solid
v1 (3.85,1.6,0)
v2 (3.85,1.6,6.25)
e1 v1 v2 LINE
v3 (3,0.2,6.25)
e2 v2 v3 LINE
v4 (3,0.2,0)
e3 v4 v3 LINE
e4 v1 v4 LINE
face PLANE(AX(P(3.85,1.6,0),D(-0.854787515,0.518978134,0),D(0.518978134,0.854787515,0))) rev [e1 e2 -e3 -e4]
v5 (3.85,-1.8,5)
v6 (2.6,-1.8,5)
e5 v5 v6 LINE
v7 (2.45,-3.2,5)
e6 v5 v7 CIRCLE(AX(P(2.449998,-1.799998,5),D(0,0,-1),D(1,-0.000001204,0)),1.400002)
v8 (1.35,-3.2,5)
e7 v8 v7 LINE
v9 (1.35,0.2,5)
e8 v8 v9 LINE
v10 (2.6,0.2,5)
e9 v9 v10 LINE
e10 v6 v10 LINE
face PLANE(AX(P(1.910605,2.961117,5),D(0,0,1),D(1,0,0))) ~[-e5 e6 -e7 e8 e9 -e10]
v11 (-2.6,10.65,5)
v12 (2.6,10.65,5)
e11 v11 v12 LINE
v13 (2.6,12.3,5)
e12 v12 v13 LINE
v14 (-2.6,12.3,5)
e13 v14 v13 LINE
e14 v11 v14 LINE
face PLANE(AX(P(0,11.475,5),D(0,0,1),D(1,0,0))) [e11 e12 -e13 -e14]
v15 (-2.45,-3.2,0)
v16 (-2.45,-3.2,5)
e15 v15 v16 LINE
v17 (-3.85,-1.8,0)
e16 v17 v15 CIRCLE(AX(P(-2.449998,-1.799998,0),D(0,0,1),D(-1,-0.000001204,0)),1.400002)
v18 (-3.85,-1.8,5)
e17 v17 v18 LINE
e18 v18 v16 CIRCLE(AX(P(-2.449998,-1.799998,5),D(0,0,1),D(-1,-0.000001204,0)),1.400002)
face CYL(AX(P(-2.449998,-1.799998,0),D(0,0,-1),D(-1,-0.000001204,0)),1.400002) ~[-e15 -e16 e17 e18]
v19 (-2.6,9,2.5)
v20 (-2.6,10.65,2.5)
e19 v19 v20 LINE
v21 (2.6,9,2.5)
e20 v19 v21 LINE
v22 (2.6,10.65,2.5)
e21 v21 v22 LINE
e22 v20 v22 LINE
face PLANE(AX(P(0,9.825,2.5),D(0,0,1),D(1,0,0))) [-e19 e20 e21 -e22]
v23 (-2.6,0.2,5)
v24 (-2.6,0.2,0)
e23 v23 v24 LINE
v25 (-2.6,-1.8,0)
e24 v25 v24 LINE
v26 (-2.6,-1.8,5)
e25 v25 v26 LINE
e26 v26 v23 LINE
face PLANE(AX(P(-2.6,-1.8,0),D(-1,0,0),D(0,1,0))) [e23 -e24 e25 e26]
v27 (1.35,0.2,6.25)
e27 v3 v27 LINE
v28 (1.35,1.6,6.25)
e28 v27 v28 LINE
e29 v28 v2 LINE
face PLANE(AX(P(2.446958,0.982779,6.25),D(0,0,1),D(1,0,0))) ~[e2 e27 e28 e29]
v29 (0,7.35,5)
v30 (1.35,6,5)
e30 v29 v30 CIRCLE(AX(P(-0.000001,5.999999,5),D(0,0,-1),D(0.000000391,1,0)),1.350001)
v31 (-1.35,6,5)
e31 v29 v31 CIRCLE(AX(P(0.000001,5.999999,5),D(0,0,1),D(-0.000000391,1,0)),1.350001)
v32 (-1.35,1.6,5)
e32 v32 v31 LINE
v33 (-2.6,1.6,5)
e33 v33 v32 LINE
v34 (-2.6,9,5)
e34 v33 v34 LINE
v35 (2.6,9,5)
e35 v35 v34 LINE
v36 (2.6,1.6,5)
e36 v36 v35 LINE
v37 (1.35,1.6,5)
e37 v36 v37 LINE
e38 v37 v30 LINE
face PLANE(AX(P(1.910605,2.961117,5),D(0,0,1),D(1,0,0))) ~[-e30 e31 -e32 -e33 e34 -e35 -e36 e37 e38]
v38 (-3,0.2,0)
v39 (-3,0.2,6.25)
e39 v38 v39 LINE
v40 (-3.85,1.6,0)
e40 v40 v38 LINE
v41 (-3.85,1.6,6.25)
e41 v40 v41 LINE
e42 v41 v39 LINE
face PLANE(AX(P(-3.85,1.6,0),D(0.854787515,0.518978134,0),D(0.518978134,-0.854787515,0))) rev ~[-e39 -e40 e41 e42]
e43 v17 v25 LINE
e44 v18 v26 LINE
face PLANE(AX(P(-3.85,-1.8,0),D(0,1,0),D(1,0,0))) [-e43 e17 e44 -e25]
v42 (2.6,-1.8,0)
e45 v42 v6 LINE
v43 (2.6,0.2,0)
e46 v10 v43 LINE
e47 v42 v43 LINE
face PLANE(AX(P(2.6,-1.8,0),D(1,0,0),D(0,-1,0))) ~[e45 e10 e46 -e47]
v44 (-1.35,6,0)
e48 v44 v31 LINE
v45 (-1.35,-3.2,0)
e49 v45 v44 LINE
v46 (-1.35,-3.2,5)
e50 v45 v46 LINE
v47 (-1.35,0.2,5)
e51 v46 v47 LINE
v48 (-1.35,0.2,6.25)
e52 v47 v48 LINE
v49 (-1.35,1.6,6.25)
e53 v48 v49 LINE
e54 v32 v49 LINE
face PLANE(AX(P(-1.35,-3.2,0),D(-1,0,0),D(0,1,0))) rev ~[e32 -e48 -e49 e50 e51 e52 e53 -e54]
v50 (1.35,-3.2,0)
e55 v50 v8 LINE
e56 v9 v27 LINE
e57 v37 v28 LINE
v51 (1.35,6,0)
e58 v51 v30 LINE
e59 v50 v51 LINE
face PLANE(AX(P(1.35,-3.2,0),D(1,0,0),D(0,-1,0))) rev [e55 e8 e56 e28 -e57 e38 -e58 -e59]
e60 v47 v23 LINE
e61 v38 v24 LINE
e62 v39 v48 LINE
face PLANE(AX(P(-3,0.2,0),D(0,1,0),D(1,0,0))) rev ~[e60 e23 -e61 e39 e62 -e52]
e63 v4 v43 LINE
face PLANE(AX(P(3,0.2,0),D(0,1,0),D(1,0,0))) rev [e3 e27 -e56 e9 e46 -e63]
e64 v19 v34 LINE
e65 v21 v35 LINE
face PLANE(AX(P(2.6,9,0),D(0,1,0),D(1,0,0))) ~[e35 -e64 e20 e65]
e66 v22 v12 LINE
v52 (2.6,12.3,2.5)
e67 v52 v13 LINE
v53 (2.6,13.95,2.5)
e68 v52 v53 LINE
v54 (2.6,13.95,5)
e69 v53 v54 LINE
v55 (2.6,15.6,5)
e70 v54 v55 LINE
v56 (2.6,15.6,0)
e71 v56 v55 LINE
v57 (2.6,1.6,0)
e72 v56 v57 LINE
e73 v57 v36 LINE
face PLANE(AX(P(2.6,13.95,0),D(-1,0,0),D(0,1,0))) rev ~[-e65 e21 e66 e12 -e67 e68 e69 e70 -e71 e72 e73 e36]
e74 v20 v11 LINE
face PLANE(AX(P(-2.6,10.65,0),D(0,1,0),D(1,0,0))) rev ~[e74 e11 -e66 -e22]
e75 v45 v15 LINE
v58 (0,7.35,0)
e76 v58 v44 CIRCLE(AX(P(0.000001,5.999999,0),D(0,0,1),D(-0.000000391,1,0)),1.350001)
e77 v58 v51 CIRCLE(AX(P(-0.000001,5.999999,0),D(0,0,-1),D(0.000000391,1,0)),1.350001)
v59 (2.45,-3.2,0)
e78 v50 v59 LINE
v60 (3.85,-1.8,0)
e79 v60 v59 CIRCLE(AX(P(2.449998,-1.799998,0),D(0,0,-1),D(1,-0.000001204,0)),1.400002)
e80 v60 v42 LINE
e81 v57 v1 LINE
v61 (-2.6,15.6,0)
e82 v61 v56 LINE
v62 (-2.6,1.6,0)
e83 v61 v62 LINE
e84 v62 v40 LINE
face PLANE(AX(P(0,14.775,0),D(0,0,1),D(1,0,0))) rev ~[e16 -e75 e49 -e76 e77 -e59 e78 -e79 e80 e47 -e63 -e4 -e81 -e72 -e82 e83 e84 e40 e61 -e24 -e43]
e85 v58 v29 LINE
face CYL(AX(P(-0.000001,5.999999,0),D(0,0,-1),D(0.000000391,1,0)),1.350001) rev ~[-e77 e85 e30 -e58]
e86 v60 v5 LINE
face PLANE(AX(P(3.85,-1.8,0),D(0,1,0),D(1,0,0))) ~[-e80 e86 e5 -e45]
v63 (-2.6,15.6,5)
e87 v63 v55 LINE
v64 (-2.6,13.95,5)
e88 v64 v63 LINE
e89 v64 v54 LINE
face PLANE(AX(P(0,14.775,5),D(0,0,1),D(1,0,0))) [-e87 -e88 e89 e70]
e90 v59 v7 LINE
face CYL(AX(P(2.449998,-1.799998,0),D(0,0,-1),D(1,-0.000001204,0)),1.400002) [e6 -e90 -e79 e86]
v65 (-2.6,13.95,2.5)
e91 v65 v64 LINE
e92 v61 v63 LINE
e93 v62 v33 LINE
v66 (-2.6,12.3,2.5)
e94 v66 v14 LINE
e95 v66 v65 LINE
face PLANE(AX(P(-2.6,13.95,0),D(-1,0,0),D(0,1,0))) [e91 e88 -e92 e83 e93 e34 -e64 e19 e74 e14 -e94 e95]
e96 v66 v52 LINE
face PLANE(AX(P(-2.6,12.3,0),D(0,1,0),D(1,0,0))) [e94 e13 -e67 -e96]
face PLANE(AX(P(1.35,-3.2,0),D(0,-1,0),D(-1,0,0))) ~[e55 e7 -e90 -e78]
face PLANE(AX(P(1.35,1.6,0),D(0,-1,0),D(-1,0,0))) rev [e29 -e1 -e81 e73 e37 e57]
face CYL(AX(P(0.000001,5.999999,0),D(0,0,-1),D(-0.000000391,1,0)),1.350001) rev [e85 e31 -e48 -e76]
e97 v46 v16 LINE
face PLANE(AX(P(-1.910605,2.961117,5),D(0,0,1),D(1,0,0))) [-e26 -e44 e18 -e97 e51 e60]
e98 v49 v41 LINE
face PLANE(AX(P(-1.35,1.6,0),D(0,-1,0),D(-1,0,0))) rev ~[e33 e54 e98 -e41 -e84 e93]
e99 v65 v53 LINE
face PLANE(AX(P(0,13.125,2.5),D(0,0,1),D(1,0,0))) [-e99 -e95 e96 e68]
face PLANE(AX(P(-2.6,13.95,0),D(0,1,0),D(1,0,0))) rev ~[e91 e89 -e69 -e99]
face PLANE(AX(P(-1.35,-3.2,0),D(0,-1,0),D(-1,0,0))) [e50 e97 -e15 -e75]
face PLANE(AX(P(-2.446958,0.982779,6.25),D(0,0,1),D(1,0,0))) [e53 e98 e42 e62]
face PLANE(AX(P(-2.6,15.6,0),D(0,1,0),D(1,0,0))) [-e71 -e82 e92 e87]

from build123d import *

# Parameters (mm, degrees)
PAD017_DEPTH           = 5
PAD020_DEPTH           = 6.25
SKETCH114_W            = 5.2
SKETCH114_H            = 1.65
PAD085_DEPTH           = 2.5
SKETCH115_W            = 5.2
SKETCH115_H            = 1.65
PAD086_DEPTH           = 5
LINEARPATTERN027_COUNT = 2
LINEARPATTERN027_PITCH = 3.3


with BuildPart() as bc_c:
    # Sketch034 → Pad017 (new body)
    with BuildSketch(Plane.XY):
        with BuildLine():
            Line((-1.35, -1.8), (-1.35, 6))
            ThreePointArc((0, 7.35), (-0.954594, 6.954594), (-1.35, 6))
            Line((0, 9), (0, 7.35))
            Line((-2.6, 9), (0, 9))
            Line((-2.6, -1.8), (-2.6, 9))
            Line((-3.85, -1.8), (-2.6, -1.8))
            ThreePointArc((-3.85, -1.8), (-3.439949, -2.789949), (-2.45, -3.2))
            Line((-1.35, -3.2), (-2.45, -3.2))
            Line((-1.35, -1.8), (-1.35, -3.2))
        make_face()
    extrude(amount=PAD017_DEPTH)

    # Sketch037 → Pad020 (join)
    with BuildSketch(Plane.XY):
        Polygon((-1.35, 0.2), (-1.35, 1.6), (-2.6, 1.6), (-3.85, 1.6), (-3, 0.2), (-2.6, 0.2), align=None)
    extrude(amount=PAD020_DEPTH)


with BuildPart() as bc_s_mirrored:
    # Mirror001: instance of _bc_c
    add(bc_c.part.mirror(Plane(origin=(0, 0, 0), x_dir=(0, 1, 0), z_dir=(-1, 0, 0))))


with BuildPart() as body043:
    # Fusion001 base: copy of _bc_c
    add(bc_c.part)

    # Fusion001: union _bc_s(mirrored)
    add(bc_s_mirrored.part)

    # Sketch114 → Pad085 (new body)
    with BuildSketch(Plane.XY):
        with Locations((0, 9.825)):
            Rectangle(SKETCH114_W, SKETCH114_H)
    pad085 = extrude(amount=PAD085_DEPTH)

    # Sketch115 → Pad086 (join)
    with BuildSketch(Plane.XY):
        with Locations((0, 11.475)):
            Rectangle(SKETCH115_W, SKETCH115_H)
    pad086 = extrude(amount=PAD086_DEPTH)

    # LinearPattern027: Pad085, Pad086 ×2
    with Locations(*[(0, i * LINEARPATTERN027_PITCH, 0) for i in range(1, LINEARPATTERN027_COUNT)]):
        add(pad085)
        add(pad086)


solid = body043.part
